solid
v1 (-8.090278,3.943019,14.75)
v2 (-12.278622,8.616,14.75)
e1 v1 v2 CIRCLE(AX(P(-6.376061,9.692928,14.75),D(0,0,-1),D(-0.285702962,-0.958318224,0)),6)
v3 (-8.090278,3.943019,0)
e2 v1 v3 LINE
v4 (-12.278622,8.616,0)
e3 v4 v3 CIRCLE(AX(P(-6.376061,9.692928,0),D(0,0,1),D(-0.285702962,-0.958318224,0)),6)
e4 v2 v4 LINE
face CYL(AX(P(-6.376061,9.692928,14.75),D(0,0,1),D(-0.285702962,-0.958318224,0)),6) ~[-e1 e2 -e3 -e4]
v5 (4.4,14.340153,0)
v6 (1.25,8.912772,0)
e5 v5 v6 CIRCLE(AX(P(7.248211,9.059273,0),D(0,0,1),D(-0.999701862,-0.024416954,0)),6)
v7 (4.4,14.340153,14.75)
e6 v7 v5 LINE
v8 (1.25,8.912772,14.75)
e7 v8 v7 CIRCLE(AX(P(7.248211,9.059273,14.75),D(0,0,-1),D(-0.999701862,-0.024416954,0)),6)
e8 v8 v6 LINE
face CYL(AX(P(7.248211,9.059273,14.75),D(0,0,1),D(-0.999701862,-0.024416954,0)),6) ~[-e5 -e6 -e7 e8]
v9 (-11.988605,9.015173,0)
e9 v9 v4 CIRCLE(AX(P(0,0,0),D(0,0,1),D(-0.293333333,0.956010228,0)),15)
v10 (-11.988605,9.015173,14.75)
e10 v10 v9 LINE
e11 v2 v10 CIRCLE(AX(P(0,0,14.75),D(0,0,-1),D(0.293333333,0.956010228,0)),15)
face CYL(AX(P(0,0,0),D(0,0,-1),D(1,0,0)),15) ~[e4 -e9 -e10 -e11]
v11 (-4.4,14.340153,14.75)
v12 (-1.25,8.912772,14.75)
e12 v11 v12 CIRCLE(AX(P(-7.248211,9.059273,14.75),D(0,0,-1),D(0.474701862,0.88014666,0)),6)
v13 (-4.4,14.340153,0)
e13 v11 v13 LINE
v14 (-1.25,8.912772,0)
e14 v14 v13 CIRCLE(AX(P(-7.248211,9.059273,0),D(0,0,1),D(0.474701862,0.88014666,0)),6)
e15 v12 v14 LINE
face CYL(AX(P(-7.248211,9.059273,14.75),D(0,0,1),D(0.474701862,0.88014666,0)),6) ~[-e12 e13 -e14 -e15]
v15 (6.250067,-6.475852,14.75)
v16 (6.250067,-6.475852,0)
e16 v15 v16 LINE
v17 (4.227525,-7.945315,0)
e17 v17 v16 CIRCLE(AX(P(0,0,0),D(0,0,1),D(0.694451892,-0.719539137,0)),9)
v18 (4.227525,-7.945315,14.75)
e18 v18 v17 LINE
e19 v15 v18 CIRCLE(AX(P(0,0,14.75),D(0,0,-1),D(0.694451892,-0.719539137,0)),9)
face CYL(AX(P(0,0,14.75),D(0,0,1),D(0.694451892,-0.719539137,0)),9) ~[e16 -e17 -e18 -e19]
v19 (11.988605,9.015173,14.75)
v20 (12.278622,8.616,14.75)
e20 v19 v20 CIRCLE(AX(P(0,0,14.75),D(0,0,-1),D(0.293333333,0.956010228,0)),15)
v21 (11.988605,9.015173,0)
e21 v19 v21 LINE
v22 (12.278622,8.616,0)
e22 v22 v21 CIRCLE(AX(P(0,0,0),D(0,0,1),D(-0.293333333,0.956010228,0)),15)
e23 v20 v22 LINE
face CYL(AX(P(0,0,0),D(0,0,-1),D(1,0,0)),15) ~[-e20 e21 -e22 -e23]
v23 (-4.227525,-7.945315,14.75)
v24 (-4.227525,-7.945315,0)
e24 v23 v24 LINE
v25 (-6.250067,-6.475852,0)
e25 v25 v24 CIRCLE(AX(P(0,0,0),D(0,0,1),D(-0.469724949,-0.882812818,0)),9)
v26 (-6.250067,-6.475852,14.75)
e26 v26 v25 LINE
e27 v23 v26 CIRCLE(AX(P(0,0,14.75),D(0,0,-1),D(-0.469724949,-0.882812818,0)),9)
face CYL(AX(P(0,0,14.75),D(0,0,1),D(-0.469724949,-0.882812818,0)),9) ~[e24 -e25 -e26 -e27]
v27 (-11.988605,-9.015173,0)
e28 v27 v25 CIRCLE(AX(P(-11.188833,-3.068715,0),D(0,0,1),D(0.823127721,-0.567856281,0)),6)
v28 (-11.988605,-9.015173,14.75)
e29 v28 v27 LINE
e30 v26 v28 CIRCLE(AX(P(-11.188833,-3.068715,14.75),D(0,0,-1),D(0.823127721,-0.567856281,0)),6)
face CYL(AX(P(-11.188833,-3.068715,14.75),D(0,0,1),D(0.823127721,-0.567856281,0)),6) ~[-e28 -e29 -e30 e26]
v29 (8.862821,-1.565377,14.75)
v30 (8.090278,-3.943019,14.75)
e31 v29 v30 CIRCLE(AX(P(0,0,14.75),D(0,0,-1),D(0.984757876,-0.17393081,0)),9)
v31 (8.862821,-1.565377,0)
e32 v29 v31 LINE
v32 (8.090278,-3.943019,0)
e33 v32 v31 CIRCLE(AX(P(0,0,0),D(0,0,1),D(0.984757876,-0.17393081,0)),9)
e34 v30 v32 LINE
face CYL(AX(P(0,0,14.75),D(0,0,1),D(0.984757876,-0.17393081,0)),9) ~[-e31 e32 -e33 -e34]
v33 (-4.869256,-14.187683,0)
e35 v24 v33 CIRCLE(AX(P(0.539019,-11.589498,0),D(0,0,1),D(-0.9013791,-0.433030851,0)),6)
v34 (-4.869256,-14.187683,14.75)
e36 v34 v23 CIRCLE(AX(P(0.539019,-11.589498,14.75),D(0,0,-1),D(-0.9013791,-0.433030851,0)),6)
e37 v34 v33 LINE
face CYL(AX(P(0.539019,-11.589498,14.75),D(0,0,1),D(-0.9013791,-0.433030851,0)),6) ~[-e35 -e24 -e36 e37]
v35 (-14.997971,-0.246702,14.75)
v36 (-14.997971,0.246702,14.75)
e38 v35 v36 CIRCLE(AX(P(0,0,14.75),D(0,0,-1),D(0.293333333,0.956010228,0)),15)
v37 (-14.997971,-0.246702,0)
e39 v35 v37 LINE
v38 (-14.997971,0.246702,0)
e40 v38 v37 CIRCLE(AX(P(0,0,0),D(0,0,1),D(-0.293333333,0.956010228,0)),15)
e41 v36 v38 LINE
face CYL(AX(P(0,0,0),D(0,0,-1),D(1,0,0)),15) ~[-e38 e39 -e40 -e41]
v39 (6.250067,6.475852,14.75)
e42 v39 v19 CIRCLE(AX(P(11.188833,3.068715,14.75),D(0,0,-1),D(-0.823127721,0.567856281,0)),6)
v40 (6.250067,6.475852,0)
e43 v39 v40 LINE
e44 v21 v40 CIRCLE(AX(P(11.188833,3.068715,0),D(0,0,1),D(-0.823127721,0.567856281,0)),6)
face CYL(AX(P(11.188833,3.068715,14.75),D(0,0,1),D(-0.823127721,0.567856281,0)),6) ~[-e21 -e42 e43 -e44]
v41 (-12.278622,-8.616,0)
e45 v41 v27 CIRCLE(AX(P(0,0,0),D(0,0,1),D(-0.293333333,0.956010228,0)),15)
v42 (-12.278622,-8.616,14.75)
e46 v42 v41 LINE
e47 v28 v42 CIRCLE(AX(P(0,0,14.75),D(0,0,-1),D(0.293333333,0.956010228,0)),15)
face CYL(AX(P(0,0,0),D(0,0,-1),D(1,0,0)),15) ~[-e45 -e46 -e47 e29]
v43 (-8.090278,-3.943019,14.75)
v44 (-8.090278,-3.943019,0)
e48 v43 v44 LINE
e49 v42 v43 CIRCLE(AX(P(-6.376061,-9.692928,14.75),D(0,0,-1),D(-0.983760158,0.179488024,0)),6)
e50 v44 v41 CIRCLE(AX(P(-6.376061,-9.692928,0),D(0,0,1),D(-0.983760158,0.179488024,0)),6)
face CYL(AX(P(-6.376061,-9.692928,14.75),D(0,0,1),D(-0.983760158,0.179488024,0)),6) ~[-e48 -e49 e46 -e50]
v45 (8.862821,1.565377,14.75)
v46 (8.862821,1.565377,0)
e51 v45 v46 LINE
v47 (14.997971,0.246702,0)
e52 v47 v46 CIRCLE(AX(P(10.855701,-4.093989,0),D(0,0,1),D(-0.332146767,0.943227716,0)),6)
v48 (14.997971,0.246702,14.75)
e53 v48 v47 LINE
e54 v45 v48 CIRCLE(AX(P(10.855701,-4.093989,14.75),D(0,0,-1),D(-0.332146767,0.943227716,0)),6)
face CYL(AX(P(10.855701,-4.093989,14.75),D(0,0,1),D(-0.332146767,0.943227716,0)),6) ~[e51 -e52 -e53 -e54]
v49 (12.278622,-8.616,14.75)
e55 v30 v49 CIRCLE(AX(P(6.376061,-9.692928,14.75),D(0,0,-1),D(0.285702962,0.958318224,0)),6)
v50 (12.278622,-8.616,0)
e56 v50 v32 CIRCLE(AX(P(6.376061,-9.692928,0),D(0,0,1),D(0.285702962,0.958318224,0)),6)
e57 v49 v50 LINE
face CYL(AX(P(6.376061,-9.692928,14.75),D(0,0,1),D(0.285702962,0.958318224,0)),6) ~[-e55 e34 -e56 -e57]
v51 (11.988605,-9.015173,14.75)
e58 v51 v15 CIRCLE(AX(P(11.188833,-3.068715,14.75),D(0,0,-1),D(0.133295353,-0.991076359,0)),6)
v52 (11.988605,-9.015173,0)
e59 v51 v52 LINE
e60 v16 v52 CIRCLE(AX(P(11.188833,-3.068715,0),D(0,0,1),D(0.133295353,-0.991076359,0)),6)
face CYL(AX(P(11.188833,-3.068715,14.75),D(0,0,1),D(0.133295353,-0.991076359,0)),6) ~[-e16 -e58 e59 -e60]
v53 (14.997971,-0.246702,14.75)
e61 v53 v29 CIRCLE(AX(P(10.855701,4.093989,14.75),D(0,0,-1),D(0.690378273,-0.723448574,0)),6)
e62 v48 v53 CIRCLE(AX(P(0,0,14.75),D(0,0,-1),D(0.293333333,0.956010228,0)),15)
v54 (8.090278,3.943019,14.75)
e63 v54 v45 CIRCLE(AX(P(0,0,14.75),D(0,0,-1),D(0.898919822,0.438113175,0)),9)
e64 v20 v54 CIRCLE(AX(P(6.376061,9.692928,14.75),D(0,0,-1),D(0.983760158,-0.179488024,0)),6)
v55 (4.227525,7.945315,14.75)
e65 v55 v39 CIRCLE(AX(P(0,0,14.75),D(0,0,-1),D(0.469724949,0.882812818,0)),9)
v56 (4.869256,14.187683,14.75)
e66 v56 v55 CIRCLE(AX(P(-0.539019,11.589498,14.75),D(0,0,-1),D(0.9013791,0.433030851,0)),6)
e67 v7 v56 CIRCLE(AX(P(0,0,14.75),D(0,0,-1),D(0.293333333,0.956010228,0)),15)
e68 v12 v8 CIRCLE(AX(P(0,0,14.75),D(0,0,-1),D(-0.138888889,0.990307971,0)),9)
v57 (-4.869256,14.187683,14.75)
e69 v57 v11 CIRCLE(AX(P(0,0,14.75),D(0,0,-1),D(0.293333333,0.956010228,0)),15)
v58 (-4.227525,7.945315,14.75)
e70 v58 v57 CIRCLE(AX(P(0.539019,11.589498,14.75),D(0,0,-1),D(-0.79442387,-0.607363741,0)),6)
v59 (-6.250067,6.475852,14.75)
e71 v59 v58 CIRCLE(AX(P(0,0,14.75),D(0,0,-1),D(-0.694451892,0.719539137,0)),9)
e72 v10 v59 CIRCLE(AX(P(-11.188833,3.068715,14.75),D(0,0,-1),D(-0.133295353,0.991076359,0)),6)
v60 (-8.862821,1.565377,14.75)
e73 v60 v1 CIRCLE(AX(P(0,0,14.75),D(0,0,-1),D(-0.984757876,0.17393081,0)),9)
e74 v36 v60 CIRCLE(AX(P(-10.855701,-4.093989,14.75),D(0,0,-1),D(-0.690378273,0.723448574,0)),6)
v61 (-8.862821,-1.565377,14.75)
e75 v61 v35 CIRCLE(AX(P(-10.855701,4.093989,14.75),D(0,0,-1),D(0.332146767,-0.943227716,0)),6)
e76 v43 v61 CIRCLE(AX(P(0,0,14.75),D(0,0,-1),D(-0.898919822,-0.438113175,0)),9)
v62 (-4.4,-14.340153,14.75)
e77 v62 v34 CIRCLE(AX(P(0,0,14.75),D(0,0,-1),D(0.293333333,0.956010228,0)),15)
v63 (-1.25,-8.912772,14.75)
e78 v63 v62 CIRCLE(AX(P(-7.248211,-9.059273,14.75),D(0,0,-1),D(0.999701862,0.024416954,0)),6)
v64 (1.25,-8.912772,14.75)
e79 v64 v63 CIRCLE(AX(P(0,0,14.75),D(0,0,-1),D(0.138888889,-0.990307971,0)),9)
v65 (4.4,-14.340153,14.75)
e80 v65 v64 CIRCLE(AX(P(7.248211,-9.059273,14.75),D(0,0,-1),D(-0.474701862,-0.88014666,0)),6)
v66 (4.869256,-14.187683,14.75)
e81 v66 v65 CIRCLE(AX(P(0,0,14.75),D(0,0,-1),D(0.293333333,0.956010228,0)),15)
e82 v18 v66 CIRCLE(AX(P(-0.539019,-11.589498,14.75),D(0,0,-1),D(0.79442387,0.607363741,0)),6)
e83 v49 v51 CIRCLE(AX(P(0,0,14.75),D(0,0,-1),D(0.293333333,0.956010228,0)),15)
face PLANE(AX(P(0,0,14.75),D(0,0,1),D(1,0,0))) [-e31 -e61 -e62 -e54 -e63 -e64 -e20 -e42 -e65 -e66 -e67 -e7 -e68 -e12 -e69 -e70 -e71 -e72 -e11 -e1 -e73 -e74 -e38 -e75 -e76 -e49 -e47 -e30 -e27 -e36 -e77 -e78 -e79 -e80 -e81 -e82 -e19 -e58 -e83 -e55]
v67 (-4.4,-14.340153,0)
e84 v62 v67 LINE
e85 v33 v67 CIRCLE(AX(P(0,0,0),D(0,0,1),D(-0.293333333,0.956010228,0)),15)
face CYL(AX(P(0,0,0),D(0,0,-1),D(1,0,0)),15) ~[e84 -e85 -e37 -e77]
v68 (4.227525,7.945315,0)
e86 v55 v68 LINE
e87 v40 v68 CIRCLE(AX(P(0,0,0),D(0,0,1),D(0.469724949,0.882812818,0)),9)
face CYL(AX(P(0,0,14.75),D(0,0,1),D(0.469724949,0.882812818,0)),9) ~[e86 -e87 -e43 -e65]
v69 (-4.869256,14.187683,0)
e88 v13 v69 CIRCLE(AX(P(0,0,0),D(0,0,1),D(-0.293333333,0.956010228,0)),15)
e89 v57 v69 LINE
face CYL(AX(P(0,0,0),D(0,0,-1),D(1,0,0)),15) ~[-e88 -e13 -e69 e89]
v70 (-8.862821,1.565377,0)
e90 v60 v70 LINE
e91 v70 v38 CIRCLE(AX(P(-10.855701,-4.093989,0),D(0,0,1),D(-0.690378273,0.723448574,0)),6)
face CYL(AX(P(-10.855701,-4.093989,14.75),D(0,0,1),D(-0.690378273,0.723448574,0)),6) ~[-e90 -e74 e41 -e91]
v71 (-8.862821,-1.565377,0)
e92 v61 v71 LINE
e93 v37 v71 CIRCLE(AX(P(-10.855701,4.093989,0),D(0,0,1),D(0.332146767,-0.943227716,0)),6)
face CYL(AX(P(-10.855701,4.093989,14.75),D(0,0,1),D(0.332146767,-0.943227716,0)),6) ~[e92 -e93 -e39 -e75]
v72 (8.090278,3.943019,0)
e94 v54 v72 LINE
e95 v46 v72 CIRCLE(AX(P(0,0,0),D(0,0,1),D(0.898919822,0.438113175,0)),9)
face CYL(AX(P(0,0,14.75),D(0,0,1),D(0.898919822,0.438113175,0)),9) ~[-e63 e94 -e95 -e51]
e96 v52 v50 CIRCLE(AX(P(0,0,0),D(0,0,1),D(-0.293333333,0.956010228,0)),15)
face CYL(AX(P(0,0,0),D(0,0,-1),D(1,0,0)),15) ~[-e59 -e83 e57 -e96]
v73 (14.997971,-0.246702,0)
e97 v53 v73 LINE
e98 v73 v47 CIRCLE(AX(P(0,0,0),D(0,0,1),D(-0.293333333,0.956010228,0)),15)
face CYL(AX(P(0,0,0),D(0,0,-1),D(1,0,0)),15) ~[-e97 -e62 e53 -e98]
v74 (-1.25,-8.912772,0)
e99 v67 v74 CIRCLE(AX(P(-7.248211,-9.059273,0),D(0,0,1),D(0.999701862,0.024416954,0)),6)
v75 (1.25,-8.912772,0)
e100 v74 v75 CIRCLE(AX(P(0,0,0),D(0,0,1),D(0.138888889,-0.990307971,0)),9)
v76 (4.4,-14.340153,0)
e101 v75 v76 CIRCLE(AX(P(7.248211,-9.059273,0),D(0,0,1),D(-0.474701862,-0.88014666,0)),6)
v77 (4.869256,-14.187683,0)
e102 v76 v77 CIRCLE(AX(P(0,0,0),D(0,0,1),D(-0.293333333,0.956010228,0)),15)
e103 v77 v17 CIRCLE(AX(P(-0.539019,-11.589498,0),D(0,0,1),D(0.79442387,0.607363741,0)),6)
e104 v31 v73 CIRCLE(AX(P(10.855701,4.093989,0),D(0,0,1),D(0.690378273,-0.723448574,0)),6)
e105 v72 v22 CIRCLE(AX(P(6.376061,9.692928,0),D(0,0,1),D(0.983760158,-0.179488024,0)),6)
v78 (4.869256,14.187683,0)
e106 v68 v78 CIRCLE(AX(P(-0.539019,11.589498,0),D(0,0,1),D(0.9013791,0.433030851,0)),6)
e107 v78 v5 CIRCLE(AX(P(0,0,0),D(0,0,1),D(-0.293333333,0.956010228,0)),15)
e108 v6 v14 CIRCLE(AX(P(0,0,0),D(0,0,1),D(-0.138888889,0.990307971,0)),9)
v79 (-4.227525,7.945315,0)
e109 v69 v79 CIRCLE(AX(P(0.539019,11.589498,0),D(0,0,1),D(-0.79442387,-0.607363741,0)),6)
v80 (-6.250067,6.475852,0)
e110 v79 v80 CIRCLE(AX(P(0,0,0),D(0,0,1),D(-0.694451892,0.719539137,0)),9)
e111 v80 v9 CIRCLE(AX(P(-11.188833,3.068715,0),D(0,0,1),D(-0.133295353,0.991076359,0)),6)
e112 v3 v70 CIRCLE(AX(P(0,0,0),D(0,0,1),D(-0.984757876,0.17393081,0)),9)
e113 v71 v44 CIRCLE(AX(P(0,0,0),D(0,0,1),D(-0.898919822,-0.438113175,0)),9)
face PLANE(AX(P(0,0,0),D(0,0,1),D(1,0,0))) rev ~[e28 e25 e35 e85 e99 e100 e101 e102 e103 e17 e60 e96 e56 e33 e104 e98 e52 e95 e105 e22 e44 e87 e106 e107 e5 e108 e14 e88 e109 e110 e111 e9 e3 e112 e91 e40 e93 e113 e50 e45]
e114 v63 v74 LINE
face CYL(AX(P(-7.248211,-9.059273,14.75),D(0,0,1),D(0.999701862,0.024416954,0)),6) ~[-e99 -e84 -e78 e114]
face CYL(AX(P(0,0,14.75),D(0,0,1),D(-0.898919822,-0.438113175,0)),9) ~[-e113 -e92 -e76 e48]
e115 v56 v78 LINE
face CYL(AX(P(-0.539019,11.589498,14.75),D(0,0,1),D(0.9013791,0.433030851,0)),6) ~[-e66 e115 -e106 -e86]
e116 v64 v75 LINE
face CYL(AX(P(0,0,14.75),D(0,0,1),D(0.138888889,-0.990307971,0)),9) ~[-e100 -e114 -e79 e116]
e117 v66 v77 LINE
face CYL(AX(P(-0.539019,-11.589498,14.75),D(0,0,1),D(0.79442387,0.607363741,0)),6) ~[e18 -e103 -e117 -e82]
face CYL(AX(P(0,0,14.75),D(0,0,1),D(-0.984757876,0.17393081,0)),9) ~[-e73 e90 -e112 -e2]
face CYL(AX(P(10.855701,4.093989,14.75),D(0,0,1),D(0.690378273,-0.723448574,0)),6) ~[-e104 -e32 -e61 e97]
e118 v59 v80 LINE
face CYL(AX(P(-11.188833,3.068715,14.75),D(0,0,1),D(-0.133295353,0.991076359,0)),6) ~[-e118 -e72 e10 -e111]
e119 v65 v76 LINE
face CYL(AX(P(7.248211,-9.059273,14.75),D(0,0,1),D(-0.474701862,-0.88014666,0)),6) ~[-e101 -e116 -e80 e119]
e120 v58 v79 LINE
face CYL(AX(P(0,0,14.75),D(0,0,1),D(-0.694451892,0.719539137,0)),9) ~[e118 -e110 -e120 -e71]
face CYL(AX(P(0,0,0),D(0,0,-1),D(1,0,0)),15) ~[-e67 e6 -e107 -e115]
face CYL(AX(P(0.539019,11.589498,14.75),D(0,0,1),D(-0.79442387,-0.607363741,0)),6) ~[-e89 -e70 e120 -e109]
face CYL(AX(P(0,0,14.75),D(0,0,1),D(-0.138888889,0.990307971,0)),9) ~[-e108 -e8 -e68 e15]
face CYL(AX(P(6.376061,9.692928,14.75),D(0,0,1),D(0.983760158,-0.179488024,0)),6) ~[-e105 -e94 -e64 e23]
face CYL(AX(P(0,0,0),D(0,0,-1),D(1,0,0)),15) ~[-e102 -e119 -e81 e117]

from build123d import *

# Parameters (mm, degrees)
SKETCH1_R           = 15
BOSS_EXTRUDE1_DEPTH = 14.75
CUT_EXTRUDE1_DEPTH  = 15.75
CIRPATTERN1_COUNT   = 10


with BuildPart() as part:
    # Sketch1 → Boss-Extrude1 (new body)
    with BuildSketch(Plane.XY):
        Circle(SKETCH1_R)
    extrude(amount=BOSS_EXTRUDE1_DEPTH)

    # Sketch2 → Cut-Extrude1 (cut, through all)
    with BuildSketch(Plane.XY.offset(14.75)):
        with BuildLine():
            ThreePointArc((-1.25, 8.912771735), (0, 9), (1.25, 8.912771735))
            ThreePointArc((1.25, 8.912771735), (2.05890341, 12.07109765), (4.4, 14.340153416))
            ThreePointArc((4.4, 14.340153416), (0, 15), (-4.4, 14.340153416))
            ThreePointArc((-4.4, 14.340153416), (-2.05890341, 12.07109765), (-1.25, 8.912771735))
        make_face()
    cut_extrude1 = extrude(amount=-CUT_EXTRUDE1_DEPTH, mode=Mode.SUBTRACT)

    # CirPattern1: Cut-Extrude1 ×10 about axis
    cirpattern1_axis = Axis((0, 0, 0), (0, 0, 1))
    for i in range(1, CIRPATTERN1_COUNT):
        add(cut_extrude1.rotate(cirpattern1_axis, i * 360 / CIRPATTERN1_COUNT), mode=Mode.SUBTRACT)


solid = part.part
